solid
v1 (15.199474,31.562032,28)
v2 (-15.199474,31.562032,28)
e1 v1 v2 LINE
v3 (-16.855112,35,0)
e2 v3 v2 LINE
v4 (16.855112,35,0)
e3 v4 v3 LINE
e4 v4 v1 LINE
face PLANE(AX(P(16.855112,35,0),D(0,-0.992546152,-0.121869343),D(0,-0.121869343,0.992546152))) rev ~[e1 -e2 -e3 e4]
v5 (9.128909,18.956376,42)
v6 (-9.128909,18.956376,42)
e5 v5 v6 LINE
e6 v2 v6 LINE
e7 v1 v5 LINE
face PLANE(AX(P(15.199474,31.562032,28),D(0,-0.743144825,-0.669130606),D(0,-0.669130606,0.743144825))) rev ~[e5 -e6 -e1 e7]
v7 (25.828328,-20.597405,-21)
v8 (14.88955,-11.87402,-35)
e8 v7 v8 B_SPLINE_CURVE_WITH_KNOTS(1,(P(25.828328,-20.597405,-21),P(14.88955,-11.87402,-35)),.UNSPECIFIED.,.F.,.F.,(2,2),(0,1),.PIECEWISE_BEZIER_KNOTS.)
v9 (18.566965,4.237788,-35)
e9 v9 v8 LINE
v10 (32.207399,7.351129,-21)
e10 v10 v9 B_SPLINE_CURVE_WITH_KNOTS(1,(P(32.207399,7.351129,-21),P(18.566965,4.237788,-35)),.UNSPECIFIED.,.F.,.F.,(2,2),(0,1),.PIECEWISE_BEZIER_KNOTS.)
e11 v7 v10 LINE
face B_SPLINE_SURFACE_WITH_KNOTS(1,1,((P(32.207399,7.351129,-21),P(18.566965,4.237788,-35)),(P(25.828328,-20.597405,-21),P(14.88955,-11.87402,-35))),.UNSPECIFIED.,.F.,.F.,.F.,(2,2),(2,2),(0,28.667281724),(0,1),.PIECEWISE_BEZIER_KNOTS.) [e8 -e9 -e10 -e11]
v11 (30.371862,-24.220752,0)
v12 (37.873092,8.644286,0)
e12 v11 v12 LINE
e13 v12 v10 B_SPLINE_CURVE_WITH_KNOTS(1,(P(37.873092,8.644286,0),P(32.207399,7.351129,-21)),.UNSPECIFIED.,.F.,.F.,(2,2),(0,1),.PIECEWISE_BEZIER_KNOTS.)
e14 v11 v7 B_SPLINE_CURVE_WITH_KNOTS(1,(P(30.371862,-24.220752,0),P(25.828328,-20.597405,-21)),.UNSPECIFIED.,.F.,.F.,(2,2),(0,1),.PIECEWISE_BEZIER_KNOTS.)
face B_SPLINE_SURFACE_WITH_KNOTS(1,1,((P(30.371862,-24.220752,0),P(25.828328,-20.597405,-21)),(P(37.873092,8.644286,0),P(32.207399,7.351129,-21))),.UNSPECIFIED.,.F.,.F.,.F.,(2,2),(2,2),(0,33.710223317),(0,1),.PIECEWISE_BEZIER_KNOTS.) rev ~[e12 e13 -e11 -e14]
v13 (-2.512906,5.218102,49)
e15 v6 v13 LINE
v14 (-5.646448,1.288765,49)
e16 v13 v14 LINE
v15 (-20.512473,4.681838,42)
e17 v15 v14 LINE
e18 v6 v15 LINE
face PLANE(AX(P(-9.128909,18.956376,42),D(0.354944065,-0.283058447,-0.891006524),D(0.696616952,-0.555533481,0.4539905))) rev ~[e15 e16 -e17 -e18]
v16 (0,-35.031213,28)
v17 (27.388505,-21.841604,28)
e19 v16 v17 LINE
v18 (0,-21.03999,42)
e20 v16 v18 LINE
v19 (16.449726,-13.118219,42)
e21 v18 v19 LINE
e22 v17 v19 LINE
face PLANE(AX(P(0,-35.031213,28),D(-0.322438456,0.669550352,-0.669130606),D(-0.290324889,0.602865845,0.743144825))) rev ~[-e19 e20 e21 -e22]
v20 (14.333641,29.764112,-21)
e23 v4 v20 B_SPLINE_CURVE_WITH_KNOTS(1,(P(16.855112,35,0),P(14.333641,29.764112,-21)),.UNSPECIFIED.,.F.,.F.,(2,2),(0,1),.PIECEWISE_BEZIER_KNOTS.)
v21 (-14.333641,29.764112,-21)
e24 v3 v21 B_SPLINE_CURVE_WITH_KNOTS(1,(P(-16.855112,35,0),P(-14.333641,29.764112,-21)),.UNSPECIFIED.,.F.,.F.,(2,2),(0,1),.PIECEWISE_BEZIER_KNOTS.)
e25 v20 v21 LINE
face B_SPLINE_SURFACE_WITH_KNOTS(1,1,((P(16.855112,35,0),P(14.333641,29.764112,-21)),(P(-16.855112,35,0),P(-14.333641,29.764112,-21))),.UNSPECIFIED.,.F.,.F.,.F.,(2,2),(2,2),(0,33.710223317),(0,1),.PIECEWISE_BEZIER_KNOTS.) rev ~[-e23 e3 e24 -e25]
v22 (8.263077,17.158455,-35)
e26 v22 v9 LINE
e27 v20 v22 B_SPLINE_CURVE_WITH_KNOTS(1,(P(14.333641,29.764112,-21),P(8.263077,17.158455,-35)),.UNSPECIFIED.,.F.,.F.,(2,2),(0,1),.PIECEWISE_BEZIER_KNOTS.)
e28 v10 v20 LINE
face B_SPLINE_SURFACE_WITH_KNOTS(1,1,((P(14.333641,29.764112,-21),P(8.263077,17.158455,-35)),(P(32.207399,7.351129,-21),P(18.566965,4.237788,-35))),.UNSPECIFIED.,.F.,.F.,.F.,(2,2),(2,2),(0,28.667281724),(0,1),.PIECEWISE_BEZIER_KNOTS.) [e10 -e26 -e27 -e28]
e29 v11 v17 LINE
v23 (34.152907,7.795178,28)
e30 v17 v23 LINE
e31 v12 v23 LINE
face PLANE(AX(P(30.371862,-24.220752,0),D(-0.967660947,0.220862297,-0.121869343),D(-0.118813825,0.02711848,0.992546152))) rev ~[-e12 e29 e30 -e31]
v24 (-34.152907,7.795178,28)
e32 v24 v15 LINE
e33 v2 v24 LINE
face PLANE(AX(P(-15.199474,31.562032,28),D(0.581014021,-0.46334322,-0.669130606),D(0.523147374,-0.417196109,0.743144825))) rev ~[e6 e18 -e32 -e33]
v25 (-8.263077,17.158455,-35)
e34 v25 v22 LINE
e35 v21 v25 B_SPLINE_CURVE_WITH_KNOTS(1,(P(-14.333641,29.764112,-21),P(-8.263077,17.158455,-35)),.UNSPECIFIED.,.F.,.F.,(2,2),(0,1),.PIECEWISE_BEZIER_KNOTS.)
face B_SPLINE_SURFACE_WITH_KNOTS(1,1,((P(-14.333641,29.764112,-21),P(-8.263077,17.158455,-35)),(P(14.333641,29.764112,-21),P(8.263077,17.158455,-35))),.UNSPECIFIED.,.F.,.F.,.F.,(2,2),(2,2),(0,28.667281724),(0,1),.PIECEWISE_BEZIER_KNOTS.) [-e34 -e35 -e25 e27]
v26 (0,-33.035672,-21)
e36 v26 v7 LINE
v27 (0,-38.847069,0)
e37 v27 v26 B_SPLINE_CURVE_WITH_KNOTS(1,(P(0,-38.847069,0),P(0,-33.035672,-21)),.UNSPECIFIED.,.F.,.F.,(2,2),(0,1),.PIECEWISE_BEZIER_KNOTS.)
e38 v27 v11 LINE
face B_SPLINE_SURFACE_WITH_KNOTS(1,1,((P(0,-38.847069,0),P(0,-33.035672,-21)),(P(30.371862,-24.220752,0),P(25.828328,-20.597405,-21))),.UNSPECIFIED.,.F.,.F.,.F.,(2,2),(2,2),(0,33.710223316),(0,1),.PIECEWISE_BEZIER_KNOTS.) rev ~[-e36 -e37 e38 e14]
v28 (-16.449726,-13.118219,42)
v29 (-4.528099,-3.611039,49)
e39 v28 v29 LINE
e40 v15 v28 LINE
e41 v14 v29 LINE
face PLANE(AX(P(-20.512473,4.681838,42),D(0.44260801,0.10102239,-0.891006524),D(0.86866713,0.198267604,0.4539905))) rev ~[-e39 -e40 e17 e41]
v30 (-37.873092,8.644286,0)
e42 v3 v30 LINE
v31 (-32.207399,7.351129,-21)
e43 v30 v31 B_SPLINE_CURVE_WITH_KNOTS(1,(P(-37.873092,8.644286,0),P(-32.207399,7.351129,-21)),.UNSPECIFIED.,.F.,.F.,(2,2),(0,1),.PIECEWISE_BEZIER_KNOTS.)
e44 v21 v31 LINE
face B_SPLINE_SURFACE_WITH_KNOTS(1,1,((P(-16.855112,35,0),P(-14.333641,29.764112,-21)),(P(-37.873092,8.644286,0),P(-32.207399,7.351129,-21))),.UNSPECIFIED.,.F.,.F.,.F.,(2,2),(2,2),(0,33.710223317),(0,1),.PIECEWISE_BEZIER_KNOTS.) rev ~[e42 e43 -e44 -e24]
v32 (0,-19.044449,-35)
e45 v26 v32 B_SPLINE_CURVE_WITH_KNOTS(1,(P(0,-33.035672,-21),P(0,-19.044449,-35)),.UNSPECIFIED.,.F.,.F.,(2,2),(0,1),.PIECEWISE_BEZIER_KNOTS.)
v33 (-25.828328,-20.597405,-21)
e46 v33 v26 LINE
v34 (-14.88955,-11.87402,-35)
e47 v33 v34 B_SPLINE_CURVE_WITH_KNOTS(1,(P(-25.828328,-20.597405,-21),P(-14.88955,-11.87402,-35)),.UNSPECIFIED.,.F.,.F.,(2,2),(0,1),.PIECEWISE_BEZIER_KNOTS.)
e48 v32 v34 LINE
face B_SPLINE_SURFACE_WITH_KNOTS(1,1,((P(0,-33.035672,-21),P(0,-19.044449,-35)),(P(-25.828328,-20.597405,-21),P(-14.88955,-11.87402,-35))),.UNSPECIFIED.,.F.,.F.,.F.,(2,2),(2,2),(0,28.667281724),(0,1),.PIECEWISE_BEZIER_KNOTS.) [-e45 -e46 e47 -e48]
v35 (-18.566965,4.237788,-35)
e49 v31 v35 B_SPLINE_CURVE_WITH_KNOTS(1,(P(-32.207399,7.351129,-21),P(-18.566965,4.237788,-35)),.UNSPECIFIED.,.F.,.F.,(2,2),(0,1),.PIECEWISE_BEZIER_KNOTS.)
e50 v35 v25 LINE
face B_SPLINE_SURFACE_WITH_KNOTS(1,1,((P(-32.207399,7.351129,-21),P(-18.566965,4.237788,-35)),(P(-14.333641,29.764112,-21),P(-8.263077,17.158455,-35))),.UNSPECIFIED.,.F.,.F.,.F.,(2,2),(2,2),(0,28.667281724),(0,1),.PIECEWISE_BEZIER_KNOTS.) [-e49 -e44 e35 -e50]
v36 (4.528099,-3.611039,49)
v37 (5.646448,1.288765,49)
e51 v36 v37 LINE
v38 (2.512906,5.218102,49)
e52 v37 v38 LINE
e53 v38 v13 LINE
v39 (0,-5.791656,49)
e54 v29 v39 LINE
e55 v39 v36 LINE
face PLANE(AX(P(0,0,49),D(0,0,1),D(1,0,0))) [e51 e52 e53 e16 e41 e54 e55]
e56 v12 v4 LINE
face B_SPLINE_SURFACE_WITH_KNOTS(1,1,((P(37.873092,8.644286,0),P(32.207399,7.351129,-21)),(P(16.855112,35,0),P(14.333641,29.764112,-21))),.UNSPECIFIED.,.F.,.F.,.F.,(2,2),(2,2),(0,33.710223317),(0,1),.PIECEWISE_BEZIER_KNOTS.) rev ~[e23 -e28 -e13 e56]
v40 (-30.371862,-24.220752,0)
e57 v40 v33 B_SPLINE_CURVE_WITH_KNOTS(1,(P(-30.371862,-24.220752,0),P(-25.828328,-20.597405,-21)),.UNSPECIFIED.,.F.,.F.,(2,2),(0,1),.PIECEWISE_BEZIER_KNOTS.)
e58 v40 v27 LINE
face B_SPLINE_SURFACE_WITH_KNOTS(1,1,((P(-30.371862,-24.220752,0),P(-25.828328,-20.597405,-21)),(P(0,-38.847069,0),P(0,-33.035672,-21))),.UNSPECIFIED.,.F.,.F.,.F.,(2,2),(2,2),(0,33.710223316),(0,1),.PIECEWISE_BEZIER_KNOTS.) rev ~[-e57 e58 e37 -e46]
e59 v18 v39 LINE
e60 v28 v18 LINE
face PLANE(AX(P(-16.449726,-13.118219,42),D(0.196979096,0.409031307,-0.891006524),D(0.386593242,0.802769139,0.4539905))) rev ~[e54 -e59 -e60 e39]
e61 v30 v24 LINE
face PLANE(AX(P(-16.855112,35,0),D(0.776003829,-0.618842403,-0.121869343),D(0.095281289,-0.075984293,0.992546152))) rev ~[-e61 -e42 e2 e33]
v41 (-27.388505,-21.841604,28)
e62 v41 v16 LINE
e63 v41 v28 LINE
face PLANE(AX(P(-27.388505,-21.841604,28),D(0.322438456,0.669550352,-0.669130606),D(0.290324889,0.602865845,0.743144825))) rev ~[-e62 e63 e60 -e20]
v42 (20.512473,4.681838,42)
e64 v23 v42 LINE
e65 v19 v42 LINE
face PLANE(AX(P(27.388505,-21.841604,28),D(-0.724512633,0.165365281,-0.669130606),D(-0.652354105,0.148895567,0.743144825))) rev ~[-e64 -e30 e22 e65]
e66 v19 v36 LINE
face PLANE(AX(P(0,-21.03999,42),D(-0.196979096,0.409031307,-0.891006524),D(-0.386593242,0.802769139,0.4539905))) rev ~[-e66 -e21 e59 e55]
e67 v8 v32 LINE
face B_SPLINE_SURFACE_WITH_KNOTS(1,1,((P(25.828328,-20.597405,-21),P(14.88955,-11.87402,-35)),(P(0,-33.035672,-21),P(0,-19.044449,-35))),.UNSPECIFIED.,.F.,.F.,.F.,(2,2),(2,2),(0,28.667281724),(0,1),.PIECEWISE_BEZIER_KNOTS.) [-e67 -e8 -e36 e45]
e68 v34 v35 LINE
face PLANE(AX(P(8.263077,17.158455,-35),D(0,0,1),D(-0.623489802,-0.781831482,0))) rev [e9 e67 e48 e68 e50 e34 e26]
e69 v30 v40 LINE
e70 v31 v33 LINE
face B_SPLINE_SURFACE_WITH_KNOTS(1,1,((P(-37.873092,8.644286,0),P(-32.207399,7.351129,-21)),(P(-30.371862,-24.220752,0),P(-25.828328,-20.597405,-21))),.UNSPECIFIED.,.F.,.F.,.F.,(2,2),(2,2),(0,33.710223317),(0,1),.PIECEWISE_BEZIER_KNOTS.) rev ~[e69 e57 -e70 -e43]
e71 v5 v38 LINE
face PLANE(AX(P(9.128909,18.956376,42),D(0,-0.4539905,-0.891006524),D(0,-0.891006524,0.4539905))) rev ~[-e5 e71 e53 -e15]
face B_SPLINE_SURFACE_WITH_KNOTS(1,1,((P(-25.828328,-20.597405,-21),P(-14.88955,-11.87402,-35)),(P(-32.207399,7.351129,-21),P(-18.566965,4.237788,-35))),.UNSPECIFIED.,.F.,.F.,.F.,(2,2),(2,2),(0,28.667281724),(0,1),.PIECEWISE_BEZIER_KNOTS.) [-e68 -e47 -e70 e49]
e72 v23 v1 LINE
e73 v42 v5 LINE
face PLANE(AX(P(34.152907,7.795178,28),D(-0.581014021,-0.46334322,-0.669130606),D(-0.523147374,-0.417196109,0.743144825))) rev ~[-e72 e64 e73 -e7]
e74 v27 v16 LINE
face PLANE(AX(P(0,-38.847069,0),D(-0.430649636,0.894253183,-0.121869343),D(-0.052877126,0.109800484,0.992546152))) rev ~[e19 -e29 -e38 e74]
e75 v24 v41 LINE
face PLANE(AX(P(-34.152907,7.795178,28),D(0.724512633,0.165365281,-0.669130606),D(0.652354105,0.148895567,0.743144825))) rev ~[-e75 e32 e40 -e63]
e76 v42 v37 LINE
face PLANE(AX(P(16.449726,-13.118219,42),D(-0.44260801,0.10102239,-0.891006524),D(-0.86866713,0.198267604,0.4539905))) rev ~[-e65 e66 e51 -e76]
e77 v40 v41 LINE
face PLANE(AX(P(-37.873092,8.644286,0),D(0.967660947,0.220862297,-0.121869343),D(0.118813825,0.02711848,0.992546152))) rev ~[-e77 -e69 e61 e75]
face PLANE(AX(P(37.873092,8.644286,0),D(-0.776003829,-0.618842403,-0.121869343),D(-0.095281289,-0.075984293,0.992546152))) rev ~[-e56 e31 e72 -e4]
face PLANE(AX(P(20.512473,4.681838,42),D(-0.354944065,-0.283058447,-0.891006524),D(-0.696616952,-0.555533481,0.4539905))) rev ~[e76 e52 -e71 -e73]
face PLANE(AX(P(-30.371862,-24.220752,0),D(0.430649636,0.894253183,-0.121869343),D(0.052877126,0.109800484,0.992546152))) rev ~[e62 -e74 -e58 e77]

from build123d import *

# Parameters (mm, degrees)
F1_DEPTH = 28
F1_TAPER = 7
F2_DEPTH = 14
F2_TAPER = 42
F3_DEPTH = 7
F3_TAPER = 63
F4_DEPTH = 21
F4_TAPER = 14
F5_DEPTH = 14
F5_TAPER = 42


with BuildPart() as f1:
    # F0 (on Top) → F1 (new body)
    with BuildSketch(Plane.XY):
        Polygon((16.8551116583, 35), (-16.8551116583, 35), (-37.8730921145, 8.6442861301), (-30.3718617382, -24.2207515071), (0, -38.8470692461), (30.3718617382, -24.2207515071), (37.8730921145, 8.6442861301), align=None)
    extrude(amount=F1_DEPTH, taper=F1_TAPER)

    # F1_face (on face) → F2 (join)
    with BuildSketch(Plane.XY.offset(28)):
        Polygon((34.1529073262, 7.7951782287), (15.1994736711, 31.5620322947), (-15.1994736711, 31.5620322947), (-34.1529073262, 7.7951782287), (-27.3885051724, -21.8416040362), (0, -35.0312129743), (27.3885051724, -21.8416040362), align=None)
    extrude(amount=F2_DEPTH, taper=F2_TAPER)

    # F2_face (on face) → F3 (join)
    with BuildSketch(Plane.XY.offset(42)):
        Polygon((16.4497263156, -13.1182189911), (20.5124732023, 4.681838152), (9.1289093894, 18.9563756745), (-9.1289093894, 18.9563756745), (-20.5124732023, 4.681838152), (-16.4497263156, -13.1182189911), (0, -21.039989671), align=None)
    extrude(amount=F3_DEPTH, taper=F3_TAPER)

    # F0 (on Top) → F4 (join)
    with BuildSketch(Plane.XY):
        Polygon((16.8551116583, 35), (-16.8551116583, 35), (-37.8730921145, 8.6442861301), (-30.3718617382, -24.2207515071), (0, -38.8470692461), (30.3718617382, -24.2207515071), (37.8730921145, 8.6442861301), align=None)
    extrude(amount=-F4_DEPTH, taper=F4_TAPER)

    # F4_face (on face) → F5 (join)
    with BuildSketch(Plane(origin=(0, 0, -21), x_dir=(1, 0, 0), z_dir=(0, 0, -1))):
        Polygon((14.3336408618, -29.7641119403), (32.2073986635, -7.351128572), (25.8283283603, 20.5974045467), (0, 33.0356719312), (-25.8283283603, 20.5974045467), (-32.2073986635, -7.351128572), (-14.3336408618, -29.7641119403), align=None)
    extrude(amount=F5_DEPTH, taper=F5_TAPER)


solid = f1.part
